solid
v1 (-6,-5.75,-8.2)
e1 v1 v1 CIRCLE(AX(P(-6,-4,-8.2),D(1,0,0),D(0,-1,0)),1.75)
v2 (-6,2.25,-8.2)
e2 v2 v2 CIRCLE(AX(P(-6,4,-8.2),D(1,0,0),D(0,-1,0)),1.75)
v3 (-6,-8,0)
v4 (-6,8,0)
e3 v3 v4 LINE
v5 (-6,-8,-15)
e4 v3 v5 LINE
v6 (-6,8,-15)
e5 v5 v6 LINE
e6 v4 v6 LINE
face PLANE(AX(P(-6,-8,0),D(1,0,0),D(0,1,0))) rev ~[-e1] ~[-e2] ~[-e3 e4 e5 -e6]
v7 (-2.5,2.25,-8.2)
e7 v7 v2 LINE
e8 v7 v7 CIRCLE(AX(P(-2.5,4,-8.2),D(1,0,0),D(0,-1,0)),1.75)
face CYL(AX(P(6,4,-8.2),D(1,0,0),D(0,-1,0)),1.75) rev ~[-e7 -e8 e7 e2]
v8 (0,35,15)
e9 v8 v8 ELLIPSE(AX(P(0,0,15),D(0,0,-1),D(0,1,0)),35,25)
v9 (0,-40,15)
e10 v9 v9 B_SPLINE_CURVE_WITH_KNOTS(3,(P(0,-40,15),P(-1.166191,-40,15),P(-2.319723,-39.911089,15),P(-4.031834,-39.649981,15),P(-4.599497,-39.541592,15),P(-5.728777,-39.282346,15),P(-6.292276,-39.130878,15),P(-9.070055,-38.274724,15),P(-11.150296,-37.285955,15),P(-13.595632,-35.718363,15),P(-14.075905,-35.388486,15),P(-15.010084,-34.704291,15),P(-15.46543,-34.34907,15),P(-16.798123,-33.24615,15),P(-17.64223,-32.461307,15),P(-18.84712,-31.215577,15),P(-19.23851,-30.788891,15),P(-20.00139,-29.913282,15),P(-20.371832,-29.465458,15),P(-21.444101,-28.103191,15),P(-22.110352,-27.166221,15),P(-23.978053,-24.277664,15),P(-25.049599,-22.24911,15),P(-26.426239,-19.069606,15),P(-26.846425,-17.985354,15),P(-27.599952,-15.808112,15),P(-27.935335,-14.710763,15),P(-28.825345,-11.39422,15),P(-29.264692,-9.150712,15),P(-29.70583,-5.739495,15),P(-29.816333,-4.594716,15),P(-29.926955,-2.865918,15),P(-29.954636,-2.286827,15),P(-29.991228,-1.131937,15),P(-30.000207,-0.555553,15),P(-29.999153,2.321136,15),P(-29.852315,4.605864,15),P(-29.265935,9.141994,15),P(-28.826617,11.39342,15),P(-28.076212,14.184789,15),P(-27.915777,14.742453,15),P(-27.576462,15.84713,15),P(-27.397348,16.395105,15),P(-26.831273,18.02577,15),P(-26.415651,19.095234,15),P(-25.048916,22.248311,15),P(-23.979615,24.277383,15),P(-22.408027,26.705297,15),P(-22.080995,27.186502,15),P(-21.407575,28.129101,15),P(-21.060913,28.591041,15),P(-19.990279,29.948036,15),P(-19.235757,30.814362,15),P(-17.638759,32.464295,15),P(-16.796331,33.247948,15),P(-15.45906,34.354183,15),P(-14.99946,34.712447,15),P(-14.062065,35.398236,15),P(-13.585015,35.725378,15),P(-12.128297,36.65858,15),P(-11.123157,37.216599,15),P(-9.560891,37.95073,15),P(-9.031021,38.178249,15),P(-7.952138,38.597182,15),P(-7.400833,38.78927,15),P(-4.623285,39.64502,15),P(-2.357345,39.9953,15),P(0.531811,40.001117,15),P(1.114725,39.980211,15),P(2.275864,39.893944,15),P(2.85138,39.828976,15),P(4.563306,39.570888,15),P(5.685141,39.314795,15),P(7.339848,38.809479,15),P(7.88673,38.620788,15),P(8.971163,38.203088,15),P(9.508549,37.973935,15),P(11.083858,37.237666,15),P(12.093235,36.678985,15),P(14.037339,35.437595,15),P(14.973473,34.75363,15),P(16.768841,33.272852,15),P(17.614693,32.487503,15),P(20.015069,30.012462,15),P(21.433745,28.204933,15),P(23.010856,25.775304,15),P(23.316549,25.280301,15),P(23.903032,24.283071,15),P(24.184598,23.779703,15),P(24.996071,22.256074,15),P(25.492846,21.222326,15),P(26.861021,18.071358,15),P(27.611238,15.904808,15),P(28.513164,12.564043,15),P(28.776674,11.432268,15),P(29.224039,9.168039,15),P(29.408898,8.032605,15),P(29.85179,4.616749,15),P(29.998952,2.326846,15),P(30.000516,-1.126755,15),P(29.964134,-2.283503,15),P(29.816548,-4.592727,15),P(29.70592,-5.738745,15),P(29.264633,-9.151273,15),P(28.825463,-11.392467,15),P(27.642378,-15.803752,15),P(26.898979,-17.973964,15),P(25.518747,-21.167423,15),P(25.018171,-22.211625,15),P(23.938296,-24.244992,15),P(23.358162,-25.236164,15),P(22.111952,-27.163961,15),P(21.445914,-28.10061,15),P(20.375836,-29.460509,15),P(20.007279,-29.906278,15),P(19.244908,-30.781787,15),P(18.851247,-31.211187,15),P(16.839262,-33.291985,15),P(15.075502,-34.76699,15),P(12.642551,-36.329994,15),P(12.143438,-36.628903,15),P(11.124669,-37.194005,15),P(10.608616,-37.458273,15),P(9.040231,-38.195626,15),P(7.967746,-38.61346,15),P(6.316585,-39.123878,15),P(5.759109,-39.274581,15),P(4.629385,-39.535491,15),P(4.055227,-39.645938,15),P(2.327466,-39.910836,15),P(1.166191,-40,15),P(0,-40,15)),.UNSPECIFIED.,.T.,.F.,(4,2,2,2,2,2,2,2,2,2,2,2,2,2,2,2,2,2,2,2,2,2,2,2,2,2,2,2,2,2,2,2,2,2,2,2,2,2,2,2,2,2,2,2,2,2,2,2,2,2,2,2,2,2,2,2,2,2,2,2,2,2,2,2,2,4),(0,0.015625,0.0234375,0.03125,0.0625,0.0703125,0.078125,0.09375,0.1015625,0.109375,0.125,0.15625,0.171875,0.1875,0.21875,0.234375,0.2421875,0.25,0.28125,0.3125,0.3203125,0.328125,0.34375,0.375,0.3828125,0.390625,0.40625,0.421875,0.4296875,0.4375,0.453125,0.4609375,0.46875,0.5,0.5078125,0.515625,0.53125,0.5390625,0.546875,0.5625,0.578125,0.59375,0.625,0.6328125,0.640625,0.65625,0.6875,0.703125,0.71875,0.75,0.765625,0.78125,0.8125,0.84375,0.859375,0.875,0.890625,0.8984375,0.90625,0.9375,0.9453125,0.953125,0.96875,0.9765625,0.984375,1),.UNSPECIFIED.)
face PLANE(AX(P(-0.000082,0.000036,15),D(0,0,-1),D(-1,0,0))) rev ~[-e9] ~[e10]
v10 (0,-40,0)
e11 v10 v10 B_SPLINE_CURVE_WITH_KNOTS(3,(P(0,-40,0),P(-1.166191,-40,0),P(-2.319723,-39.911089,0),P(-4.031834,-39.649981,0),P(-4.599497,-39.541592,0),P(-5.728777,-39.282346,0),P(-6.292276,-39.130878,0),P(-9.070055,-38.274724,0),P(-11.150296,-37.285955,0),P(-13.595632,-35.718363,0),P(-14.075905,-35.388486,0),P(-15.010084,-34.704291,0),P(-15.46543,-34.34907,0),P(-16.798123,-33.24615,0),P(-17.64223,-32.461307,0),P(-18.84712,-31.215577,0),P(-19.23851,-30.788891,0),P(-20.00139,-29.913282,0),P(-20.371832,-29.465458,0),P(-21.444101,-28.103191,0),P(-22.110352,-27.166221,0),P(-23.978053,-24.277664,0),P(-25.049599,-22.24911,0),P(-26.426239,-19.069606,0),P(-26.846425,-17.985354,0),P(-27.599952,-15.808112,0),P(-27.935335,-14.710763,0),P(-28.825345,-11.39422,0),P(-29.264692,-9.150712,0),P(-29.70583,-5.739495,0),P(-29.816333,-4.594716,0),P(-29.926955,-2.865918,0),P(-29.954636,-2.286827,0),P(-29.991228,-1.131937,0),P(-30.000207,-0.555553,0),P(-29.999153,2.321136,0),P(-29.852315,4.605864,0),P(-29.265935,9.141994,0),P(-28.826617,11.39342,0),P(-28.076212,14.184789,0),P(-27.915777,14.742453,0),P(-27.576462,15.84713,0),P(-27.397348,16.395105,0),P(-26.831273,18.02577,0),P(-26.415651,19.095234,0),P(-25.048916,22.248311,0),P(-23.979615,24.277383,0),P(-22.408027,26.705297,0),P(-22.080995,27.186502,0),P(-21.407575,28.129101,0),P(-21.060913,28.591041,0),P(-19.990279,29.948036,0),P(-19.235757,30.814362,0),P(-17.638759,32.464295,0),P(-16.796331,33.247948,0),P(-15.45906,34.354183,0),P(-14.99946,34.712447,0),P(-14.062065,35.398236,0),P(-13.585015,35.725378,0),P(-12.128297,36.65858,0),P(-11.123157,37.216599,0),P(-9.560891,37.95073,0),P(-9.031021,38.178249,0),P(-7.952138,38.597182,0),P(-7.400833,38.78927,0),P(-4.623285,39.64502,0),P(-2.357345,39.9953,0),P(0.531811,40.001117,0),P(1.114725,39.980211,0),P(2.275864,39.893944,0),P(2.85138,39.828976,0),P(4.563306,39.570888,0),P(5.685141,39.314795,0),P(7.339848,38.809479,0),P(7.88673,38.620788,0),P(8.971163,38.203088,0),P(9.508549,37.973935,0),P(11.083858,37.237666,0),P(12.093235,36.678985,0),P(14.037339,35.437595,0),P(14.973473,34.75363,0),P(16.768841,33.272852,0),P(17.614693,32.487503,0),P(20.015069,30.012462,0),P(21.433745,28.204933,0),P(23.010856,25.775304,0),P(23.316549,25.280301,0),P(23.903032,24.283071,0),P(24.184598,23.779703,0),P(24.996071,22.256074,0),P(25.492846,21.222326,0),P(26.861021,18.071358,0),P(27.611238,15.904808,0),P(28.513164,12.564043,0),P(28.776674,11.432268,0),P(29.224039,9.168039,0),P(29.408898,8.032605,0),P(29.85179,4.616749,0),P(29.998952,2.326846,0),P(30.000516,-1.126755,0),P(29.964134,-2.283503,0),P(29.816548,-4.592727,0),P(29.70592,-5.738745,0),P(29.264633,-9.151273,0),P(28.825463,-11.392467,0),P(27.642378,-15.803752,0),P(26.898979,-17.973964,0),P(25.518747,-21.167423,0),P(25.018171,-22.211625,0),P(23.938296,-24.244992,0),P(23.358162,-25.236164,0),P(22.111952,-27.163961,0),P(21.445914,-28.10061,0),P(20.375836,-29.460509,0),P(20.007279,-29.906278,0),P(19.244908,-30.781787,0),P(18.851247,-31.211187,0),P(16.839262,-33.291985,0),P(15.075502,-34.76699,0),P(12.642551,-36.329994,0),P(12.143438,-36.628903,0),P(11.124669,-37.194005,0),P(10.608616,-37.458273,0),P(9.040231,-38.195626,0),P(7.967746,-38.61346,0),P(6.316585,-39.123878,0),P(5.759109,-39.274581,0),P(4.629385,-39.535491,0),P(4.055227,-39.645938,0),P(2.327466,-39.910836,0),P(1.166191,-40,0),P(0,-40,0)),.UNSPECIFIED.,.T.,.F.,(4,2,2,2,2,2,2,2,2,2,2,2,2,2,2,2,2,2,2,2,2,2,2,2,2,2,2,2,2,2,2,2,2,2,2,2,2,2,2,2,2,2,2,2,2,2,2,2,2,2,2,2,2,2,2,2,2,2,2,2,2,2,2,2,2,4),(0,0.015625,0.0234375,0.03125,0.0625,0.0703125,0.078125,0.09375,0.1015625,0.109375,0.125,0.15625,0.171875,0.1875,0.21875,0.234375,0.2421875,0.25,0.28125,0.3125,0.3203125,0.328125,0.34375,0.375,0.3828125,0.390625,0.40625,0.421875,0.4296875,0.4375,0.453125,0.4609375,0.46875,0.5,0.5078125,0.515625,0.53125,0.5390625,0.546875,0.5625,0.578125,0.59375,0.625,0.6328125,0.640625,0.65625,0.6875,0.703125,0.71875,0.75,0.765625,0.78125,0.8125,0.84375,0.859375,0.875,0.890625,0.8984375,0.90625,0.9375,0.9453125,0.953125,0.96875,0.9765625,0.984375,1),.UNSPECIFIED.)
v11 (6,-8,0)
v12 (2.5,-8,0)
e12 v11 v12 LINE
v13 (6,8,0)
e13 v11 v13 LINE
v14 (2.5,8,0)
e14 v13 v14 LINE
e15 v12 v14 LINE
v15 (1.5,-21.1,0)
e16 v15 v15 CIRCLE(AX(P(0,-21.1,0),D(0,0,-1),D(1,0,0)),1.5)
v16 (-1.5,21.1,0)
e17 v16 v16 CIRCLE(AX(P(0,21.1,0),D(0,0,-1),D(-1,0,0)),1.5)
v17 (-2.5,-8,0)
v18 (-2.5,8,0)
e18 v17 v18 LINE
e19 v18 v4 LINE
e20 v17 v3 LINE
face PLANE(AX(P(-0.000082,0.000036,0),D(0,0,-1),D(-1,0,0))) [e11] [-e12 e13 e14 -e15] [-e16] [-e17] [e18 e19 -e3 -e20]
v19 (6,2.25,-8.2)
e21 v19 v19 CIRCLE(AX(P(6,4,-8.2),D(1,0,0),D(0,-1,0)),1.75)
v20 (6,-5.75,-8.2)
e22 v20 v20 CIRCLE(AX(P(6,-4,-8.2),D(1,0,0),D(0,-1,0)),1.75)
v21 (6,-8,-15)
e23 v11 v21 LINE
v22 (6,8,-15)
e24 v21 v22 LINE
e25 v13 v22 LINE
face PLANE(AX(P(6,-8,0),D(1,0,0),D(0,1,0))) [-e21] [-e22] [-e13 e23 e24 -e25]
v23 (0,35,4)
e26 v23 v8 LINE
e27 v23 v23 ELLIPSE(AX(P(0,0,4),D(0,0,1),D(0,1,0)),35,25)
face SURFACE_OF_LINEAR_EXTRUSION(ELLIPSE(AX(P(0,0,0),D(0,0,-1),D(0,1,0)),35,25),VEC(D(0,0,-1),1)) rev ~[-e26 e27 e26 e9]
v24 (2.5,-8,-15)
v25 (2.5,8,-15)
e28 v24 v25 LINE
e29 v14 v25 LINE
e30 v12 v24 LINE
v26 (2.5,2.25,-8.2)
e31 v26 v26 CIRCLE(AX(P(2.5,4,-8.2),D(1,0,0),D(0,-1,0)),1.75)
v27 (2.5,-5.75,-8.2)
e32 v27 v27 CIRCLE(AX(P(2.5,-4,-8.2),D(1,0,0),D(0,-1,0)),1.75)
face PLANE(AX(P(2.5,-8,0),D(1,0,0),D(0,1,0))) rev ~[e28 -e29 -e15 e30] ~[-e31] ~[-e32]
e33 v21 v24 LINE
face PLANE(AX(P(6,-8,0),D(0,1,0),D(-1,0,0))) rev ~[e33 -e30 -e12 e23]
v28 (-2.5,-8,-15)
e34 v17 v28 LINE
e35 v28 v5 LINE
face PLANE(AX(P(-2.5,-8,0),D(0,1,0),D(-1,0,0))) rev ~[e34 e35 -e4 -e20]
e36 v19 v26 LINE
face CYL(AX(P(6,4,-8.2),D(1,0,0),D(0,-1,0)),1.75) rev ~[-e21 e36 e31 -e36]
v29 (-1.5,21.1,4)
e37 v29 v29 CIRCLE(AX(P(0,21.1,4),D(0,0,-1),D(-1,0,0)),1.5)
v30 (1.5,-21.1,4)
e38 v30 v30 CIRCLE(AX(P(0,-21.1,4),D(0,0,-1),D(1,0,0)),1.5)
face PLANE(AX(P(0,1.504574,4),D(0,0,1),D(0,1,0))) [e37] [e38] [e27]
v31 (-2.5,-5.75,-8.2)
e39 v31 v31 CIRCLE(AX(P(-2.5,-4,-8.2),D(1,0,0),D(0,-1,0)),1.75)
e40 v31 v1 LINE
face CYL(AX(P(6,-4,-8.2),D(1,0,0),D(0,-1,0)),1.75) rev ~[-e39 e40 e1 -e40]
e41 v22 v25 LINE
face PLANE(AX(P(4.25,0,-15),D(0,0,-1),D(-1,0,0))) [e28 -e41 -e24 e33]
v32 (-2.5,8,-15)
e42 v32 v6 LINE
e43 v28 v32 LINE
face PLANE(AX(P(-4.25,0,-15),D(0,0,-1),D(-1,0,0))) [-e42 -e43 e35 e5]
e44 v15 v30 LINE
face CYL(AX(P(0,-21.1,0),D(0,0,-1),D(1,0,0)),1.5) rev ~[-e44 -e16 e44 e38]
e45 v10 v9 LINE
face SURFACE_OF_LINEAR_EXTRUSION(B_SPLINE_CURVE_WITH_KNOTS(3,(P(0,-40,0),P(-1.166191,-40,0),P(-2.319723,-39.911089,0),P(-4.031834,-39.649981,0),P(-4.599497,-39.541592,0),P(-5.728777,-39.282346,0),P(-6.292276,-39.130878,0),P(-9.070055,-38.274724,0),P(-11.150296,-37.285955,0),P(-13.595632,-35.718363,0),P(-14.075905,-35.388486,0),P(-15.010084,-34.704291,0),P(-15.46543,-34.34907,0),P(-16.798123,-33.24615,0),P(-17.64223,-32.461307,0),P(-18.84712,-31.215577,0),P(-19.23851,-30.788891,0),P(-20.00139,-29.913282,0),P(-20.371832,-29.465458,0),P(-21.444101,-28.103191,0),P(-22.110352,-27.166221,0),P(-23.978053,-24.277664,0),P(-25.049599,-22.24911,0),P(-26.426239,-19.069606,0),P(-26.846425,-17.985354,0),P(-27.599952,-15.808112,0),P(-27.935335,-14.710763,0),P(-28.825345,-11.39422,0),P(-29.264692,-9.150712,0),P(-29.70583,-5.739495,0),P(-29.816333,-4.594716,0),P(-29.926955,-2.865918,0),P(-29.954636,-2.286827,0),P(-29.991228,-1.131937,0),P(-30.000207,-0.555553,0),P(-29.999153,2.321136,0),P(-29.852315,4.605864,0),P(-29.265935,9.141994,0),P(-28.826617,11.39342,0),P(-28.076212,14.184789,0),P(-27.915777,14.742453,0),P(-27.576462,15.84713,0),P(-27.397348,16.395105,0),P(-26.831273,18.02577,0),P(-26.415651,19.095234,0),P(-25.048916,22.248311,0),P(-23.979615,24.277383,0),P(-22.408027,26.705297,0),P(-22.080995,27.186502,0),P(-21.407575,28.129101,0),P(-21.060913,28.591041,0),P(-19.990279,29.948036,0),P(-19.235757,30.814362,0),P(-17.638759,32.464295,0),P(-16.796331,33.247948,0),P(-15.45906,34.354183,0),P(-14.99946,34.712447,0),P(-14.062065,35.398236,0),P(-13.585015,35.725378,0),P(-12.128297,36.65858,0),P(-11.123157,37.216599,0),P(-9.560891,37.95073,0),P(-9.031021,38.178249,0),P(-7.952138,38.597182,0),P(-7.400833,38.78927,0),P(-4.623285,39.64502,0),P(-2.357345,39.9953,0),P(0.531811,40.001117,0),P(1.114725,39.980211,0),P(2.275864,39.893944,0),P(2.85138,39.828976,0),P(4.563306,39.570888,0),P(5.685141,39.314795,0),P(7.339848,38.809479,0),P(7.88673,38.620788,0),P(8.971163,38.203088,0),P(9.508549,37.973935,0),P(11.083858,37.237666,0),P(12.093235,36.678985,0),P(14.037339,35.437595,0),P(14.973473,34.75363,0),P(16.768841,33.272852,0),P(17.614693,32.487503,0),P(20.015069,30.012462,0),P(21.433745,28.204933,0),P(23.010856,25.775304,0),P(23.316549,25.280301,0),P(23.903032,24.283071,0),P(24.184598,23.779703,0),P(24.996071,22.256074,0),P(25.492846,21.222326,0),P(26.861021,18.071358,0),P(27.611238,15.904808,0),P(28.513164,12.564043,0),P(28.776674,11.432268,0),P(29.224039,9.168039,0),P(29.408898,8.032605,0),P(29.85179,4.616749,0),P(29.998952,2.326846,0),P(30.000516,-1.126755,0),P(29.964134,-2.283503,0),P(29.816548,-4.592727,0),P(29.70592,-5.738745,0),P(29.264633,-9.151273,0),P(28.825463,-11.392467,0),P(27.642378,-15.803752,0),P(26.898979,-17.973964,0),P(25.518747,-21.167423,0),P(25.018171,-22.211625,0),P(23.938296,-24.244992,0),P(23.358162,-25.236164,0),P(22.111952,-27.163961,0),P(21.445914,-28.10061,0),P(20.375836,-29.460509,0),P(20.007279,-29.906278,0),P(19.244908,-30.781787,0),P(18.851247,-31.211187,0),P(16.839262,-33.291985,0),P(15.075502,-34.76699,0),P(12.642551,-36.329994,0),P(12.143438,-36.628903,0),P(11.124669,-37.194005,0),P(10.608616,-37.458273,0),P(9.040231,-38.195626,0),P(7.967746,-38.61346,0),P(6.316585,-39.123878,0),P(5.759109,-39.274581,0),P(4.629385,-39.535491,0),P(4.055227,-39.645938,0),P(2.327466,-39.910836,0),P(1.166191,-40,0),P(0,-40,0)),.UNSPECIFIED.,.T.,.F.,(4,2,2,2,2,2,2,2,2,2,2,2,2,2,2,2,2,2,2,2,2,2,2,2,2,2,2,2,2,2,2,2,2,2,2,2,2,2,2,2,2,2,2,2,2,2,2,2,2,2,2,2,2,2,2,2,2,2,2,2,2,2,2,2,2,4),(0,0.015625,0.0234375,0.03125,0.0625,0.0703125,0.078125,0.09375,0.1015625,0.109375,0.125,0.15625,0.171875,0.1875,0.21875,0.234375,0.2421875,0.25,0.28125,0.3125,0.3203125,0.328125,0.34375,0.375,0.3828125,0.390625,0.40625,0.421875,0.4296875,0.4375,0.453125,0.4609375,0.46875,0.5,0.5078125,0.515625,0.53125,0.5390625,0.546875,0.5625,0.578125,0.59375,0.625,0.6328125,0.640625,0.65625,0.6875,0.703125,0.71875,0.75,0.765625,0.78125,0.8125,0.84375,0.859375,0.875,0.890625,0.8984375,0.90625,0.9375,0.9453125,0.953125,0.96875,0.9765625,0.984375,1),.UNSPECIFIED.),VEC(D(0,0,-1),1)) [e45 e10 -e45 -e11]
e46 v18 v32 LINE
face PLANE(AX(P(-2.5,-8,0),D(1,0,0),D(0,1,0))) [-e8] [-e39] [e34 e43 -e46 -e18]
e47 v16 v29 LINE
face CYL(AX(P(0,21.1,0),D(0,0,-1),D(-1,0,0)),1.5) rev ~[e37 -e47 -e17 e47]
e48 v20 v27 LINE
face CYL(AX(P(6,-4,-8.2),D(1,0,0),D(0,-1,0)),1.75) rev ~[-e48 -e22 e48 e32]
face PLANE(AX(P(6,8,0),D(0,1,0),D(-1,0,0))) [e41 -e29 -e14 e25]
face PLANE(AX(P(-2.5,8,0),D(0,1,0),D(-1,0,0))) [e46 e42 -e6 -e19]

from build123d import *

# Parameters (mm, degrees)
SKETCH_1_RX         = 35
SKETCH_1_RY         = 25
EXTRUDE_1_DEPTH     = 4
SKETCH_4_W          = 3.5
SKETCH_4_H          = 16
EXTRUDE_3_DEPTH     = 15
SKETCH_5_R          = 1.75
CUT_EXTRUDE_2_DEPTH = 15
SKETCH_8_R          = 1.5
CUT_EXTRUDE_3_DEPTH = 46.552167896
SKETCH_9_RX         = 35
SKETCH_9_RY         = 25
EXTRUDE_4_DEPTH     = 15


with BuildPart() as part:
    # 草图1 → 凸台-拉伸1 (new body)
    with BuildSketch(Plane.XY):
        with Locations(Location((0, 0), (0, 0, 90))):
            Ellipse(SKETCH_1_RX, SKETCH_1_RY)
    extrude(amount=EXTRUDE_1_DEPTH)

    # 草图4 → 凸台-拉伸3 (add)
    with BuildSketch(Plane(origin=(0, 0, 0), x_dir=(-1, 0, 0), z_dir=(0, 0, -1))):
        with Locations((-4.25, 0)):
            Rectangle(SKETCH_4_W, SKETCH_4_H)
        with Locations((4.25, 0)):
            Rectangle(SKETCH_4_W, SKETCH_4_H)
    extrude(amount=EXTRUDE_3_DEPTH)

    # 草图5 → 切除-拉伸2 (cut)
    with BuildSketch(Plane(origin=(6, 0, 0), x_dir=(0, 0, -1), z_dir=(1, 0, 0))):
        with Locations(Location((8.2, 4, 0), (0, 0, 270))):
            Circle(SKETCH_5_R)
        with Locations(Location((8.2, -4, 0), (0, 0, 270))):
            Circle(SKETCH_5_R)
    extrude(amount=-CUT_EXTRUDE_2_DEPTH, mode=Mode.SUBTRACT)

    # 草图8 → 切除-拉伸3 (cut, through all)
    with BuildSketch(Plane(origin=(0, 0, 0), x_dir=(-1, 0, 0), z_dir=(0, 0, -1))):
        with Locations((0, 21.1)):
            Circle(SKETCH_8_R)
        with Locations(Location((0, -21.1, 0), (0, 0, 180))):
            Circle(SKETCH_8_R)
    extrude(amount=-CUT_EXTRUDE_3_DEPTH, mode=Mode.SUBTRACT)

    # 草图9 → 凸台-拉伸4 (add)
    with BuildSketch(Plane(origin=(0, 0, 0), x_dir=(-1, 0, 0), z_dir=(0, 0, -1))):
        with BuildLine():
            add(Edge.make_bspline(
                [(0, -40), (1.166191286, -40), (2.319723365, -39.911088785), (4.03183367, -39.649980915), (4.599496891, -39.541592189), (5.728776608, -39.282345915), (6.29227568, -39.130877572), (9.070055488, -38.274724151), (11.150296457, -37.285955015), (13.595631547, -35.718362777), (14.075904728, -35.388485686), (15.010083742, -34.704290506), (15.465429587, -34.349070294), (16.798122828, -33.24615002), (17.642230421, -32.461307082), (18.847120419, -31.215576692), (19.238510272, -30.788890668), (20.001389667, -29.913281582), (20.371832338, -29.465458404), (21.444101113, -28.103190972), (22.110352352, -27.166221001), (23.978053386, -24.277664054), (25.049598622, -22.249110294), (26.426239112, -19.069606275), (26.846424907, -17.985354188), (27.599952299, -15.808111676), (27.935335111, -14.710762561), (28.825344872, -11.394219795), (29.264692044, -9.150711882), (29.705830252, -5.739495258), (29.816333167, -4.594715542), (29.926955174, -2.86591771), (29.954635547, -2.286827379), (29.991228174, -1.131937385), (30.000207168, -0.55555325), (29.999153206, 2.321135714), (29.852315206, 4.60586403), (29.265935478, 9.14199365), (28.826617088, 11.393420383), (28.076211879, 14.184788813), (27.915776755, 14.742452866), (27.576462348, 15.84713034), (27.397347547, 16.395104713), (26.831272972, 18.025769818), (26.415651344, 19.095234066), (25.048915834, 22.248310531), (23.979614833, 24.277383351), (22.408026895, 26.705297428), (22.080994544, 27.186502009), (21.40757458, 28.12910054), (21.060913216, 28.591040915), (19.99027861, 29.948036415), (19.23575735, 30.814362309), (17.638758672, 32.464294729), (16.796330807, 33.247947857), (15.459060394, 34.354182681), (14.999460278, 34.712447006), (14.062064887, 35.398236233), (13.585014896, 35.725377845), (12.12829731, 36.658580422), (11.12315733, 37.216598724), (9.560891384, 37.95072988), (9.031021276, 38.178249144), (7.95213771, 38.597182003), (7.400833463, 38.789269626), (4.623285017, 39.64502), (2.357345431, 39.995300066), (-0.531810914, 40.001117073), (-1.114724671, 39.98021092), (-2.275863899, 39.89394367), (-2.851380333, 39.828976316), (-4.563305894, 39.570888155), (-5.685140717, 39.314794846), (-7.339848067, 38.809478842), (-7.886730074, 38.620788161), (-8.97116282, 38.203088351), (-9.508549043, 37.973934798), (-11.083858371, 37.237666373), (-12.093235434, 36.678985185), (-14.03733934, 35.437595254), (-14.973473094, 34.75362982), (-16.768841411, 33.272852191), (-17.61469289, 32.487502562), (-20.015069091, 30.01246223), (-21.433744651, 28.204932951), (-23.010856074, 25.775304476), (-23.31654898, 25.280301057), (-23.903032252, 24.283070837), (-24.184598133, 23.77970285), (-24.996071241, 22.256074098), (-25.492845708, 21.222325901), (-26.861021423, 18.07135836), (-27.611238428, 15.904808256), (-28.513163822, 12.564043083), (-28.776674196, 11.432267539), (-29.22403894, 9.168039209), (-29.408897937, 8.032604647), (-29.851790115, 4.616749038), (-29.998952192, 2.326845662), (-30.000515604, -1.126754901), (-29.964134461, -2.283503276), (-29.816548228, -4.592727237), (-29.705920354, -5.73874514), (-29.264633227, -9.151273442), (-28.825462565, -11.392466572), (-27.642377976, -15.803751855), (-26.898978714, -17.973964087), (-25.518747178, -21.167423186), (-25.018171104, -22.211625387), (-23.938295744, -24.244992269), (-23.358161566, -25.236163641), (-22.111952325, -27.16396109), (-21.445913863, -28.100610398), (-20.375836401, -29.460509257), (-20.00727873, -29.906278236), (-19.2449084, -30.781787259), (-18.851246908, -31.211186626), (-16.839262141, -33.291984661), (-15.075502325, -34.76698967), (-12.642550882, -36.329993624), (-12.143438156, -36.62890334), (-11.124669307, -37.194004781), (-10.608616319, -37.458273109), (-9.040230981, -38.195625903), (-7.967745905, -38.613460088), (-6.316585337, -39.123878092), (-5.759108975, -39.274580989), (-4.629385194, -39.535490772), (-4.055227442, -39.64593791), (-2.327465641, -39.910836495), (-1.166191286, -40), (0, -40)],
                knots=[0, 0, 0, 0, 0.015625, 0.015625, 0.0234375, 0.0234375, 0.03125, 0.03125, 0.0625, 0.0625, 0.0703125, 0.0703125, 0.078125, 0.078125, 0.09375, 0.09375, 0.1015625, 0.1015625, 0.109375, 0.109375, 0.125, 0.125, 0.15625, 0.15625, 0.171875, 0.171875, 0.1875, 0.1875, 0.21875, 0.21875, 0.234375, 0.234375, 0.2421875, 0.2421875, 0.25, 0.25, 0.28125, 0.28125, 0.3125, 0.3125, 0.3203125, 0.3203125, 0.328125, 0.328125, 0.34375, 0.34375, 0.375, 0.375, 0.3828125, 0.3828125, 0.390625, 0.390625, 0.40625, 0.40625, 0.421875, 0.421875, 0.4296875, 0.4296875, 0.4375, 0.4375, 0.453125, 0.453125, 0.4609375, 0.4609375, 0.46875, 0.46875, 0.5, 0.5, 0.5078125, 0.5078125, 0.515625, 0.515625, 0.53125, 0.53125, 0.5390625, 0.5390625, 0.546875, 0.546875, 0.5625, 0.5625, 0.578125, 0.578125, 0.59375, 0.59375, 0.625, 0.625, 0.6328125, 0.6328125, 0.640625, 0.640625, 0.65625, 0.65625, 0.6875, 0.6875, 0.703125, 0.703125, 0.71875, 0.71875, 0.75, 0.75, 0.765625, 0.765625, 0.78125, 0.78125, 0.8125, 0.8125, 0.84375, 0.84375, 0.859375, 0.859375, 0.875, 0.875, 0.890625, 0.890625, 0.8984375, 0.8984375, 0.90625, 0.90625, 0.9375, 0.9375, 0.9453125, 0.9453125, 0.953125, 0.953125, 0.96875, 0.96875, 0.9765625, 0.9765625, 0.984375, 0.984375, 1, 1, 1, 1], degree=3))
        make_face()
        with Locations(Location((0, 0), (0, 0, 90))):
            Ellipse(SKETCH_9_RX, SKETCH_9_RY, mode=Mode.SUBTRACT)
    extrude(amount=-EXTRUDE_4_DEPTH)


solid = part.part
